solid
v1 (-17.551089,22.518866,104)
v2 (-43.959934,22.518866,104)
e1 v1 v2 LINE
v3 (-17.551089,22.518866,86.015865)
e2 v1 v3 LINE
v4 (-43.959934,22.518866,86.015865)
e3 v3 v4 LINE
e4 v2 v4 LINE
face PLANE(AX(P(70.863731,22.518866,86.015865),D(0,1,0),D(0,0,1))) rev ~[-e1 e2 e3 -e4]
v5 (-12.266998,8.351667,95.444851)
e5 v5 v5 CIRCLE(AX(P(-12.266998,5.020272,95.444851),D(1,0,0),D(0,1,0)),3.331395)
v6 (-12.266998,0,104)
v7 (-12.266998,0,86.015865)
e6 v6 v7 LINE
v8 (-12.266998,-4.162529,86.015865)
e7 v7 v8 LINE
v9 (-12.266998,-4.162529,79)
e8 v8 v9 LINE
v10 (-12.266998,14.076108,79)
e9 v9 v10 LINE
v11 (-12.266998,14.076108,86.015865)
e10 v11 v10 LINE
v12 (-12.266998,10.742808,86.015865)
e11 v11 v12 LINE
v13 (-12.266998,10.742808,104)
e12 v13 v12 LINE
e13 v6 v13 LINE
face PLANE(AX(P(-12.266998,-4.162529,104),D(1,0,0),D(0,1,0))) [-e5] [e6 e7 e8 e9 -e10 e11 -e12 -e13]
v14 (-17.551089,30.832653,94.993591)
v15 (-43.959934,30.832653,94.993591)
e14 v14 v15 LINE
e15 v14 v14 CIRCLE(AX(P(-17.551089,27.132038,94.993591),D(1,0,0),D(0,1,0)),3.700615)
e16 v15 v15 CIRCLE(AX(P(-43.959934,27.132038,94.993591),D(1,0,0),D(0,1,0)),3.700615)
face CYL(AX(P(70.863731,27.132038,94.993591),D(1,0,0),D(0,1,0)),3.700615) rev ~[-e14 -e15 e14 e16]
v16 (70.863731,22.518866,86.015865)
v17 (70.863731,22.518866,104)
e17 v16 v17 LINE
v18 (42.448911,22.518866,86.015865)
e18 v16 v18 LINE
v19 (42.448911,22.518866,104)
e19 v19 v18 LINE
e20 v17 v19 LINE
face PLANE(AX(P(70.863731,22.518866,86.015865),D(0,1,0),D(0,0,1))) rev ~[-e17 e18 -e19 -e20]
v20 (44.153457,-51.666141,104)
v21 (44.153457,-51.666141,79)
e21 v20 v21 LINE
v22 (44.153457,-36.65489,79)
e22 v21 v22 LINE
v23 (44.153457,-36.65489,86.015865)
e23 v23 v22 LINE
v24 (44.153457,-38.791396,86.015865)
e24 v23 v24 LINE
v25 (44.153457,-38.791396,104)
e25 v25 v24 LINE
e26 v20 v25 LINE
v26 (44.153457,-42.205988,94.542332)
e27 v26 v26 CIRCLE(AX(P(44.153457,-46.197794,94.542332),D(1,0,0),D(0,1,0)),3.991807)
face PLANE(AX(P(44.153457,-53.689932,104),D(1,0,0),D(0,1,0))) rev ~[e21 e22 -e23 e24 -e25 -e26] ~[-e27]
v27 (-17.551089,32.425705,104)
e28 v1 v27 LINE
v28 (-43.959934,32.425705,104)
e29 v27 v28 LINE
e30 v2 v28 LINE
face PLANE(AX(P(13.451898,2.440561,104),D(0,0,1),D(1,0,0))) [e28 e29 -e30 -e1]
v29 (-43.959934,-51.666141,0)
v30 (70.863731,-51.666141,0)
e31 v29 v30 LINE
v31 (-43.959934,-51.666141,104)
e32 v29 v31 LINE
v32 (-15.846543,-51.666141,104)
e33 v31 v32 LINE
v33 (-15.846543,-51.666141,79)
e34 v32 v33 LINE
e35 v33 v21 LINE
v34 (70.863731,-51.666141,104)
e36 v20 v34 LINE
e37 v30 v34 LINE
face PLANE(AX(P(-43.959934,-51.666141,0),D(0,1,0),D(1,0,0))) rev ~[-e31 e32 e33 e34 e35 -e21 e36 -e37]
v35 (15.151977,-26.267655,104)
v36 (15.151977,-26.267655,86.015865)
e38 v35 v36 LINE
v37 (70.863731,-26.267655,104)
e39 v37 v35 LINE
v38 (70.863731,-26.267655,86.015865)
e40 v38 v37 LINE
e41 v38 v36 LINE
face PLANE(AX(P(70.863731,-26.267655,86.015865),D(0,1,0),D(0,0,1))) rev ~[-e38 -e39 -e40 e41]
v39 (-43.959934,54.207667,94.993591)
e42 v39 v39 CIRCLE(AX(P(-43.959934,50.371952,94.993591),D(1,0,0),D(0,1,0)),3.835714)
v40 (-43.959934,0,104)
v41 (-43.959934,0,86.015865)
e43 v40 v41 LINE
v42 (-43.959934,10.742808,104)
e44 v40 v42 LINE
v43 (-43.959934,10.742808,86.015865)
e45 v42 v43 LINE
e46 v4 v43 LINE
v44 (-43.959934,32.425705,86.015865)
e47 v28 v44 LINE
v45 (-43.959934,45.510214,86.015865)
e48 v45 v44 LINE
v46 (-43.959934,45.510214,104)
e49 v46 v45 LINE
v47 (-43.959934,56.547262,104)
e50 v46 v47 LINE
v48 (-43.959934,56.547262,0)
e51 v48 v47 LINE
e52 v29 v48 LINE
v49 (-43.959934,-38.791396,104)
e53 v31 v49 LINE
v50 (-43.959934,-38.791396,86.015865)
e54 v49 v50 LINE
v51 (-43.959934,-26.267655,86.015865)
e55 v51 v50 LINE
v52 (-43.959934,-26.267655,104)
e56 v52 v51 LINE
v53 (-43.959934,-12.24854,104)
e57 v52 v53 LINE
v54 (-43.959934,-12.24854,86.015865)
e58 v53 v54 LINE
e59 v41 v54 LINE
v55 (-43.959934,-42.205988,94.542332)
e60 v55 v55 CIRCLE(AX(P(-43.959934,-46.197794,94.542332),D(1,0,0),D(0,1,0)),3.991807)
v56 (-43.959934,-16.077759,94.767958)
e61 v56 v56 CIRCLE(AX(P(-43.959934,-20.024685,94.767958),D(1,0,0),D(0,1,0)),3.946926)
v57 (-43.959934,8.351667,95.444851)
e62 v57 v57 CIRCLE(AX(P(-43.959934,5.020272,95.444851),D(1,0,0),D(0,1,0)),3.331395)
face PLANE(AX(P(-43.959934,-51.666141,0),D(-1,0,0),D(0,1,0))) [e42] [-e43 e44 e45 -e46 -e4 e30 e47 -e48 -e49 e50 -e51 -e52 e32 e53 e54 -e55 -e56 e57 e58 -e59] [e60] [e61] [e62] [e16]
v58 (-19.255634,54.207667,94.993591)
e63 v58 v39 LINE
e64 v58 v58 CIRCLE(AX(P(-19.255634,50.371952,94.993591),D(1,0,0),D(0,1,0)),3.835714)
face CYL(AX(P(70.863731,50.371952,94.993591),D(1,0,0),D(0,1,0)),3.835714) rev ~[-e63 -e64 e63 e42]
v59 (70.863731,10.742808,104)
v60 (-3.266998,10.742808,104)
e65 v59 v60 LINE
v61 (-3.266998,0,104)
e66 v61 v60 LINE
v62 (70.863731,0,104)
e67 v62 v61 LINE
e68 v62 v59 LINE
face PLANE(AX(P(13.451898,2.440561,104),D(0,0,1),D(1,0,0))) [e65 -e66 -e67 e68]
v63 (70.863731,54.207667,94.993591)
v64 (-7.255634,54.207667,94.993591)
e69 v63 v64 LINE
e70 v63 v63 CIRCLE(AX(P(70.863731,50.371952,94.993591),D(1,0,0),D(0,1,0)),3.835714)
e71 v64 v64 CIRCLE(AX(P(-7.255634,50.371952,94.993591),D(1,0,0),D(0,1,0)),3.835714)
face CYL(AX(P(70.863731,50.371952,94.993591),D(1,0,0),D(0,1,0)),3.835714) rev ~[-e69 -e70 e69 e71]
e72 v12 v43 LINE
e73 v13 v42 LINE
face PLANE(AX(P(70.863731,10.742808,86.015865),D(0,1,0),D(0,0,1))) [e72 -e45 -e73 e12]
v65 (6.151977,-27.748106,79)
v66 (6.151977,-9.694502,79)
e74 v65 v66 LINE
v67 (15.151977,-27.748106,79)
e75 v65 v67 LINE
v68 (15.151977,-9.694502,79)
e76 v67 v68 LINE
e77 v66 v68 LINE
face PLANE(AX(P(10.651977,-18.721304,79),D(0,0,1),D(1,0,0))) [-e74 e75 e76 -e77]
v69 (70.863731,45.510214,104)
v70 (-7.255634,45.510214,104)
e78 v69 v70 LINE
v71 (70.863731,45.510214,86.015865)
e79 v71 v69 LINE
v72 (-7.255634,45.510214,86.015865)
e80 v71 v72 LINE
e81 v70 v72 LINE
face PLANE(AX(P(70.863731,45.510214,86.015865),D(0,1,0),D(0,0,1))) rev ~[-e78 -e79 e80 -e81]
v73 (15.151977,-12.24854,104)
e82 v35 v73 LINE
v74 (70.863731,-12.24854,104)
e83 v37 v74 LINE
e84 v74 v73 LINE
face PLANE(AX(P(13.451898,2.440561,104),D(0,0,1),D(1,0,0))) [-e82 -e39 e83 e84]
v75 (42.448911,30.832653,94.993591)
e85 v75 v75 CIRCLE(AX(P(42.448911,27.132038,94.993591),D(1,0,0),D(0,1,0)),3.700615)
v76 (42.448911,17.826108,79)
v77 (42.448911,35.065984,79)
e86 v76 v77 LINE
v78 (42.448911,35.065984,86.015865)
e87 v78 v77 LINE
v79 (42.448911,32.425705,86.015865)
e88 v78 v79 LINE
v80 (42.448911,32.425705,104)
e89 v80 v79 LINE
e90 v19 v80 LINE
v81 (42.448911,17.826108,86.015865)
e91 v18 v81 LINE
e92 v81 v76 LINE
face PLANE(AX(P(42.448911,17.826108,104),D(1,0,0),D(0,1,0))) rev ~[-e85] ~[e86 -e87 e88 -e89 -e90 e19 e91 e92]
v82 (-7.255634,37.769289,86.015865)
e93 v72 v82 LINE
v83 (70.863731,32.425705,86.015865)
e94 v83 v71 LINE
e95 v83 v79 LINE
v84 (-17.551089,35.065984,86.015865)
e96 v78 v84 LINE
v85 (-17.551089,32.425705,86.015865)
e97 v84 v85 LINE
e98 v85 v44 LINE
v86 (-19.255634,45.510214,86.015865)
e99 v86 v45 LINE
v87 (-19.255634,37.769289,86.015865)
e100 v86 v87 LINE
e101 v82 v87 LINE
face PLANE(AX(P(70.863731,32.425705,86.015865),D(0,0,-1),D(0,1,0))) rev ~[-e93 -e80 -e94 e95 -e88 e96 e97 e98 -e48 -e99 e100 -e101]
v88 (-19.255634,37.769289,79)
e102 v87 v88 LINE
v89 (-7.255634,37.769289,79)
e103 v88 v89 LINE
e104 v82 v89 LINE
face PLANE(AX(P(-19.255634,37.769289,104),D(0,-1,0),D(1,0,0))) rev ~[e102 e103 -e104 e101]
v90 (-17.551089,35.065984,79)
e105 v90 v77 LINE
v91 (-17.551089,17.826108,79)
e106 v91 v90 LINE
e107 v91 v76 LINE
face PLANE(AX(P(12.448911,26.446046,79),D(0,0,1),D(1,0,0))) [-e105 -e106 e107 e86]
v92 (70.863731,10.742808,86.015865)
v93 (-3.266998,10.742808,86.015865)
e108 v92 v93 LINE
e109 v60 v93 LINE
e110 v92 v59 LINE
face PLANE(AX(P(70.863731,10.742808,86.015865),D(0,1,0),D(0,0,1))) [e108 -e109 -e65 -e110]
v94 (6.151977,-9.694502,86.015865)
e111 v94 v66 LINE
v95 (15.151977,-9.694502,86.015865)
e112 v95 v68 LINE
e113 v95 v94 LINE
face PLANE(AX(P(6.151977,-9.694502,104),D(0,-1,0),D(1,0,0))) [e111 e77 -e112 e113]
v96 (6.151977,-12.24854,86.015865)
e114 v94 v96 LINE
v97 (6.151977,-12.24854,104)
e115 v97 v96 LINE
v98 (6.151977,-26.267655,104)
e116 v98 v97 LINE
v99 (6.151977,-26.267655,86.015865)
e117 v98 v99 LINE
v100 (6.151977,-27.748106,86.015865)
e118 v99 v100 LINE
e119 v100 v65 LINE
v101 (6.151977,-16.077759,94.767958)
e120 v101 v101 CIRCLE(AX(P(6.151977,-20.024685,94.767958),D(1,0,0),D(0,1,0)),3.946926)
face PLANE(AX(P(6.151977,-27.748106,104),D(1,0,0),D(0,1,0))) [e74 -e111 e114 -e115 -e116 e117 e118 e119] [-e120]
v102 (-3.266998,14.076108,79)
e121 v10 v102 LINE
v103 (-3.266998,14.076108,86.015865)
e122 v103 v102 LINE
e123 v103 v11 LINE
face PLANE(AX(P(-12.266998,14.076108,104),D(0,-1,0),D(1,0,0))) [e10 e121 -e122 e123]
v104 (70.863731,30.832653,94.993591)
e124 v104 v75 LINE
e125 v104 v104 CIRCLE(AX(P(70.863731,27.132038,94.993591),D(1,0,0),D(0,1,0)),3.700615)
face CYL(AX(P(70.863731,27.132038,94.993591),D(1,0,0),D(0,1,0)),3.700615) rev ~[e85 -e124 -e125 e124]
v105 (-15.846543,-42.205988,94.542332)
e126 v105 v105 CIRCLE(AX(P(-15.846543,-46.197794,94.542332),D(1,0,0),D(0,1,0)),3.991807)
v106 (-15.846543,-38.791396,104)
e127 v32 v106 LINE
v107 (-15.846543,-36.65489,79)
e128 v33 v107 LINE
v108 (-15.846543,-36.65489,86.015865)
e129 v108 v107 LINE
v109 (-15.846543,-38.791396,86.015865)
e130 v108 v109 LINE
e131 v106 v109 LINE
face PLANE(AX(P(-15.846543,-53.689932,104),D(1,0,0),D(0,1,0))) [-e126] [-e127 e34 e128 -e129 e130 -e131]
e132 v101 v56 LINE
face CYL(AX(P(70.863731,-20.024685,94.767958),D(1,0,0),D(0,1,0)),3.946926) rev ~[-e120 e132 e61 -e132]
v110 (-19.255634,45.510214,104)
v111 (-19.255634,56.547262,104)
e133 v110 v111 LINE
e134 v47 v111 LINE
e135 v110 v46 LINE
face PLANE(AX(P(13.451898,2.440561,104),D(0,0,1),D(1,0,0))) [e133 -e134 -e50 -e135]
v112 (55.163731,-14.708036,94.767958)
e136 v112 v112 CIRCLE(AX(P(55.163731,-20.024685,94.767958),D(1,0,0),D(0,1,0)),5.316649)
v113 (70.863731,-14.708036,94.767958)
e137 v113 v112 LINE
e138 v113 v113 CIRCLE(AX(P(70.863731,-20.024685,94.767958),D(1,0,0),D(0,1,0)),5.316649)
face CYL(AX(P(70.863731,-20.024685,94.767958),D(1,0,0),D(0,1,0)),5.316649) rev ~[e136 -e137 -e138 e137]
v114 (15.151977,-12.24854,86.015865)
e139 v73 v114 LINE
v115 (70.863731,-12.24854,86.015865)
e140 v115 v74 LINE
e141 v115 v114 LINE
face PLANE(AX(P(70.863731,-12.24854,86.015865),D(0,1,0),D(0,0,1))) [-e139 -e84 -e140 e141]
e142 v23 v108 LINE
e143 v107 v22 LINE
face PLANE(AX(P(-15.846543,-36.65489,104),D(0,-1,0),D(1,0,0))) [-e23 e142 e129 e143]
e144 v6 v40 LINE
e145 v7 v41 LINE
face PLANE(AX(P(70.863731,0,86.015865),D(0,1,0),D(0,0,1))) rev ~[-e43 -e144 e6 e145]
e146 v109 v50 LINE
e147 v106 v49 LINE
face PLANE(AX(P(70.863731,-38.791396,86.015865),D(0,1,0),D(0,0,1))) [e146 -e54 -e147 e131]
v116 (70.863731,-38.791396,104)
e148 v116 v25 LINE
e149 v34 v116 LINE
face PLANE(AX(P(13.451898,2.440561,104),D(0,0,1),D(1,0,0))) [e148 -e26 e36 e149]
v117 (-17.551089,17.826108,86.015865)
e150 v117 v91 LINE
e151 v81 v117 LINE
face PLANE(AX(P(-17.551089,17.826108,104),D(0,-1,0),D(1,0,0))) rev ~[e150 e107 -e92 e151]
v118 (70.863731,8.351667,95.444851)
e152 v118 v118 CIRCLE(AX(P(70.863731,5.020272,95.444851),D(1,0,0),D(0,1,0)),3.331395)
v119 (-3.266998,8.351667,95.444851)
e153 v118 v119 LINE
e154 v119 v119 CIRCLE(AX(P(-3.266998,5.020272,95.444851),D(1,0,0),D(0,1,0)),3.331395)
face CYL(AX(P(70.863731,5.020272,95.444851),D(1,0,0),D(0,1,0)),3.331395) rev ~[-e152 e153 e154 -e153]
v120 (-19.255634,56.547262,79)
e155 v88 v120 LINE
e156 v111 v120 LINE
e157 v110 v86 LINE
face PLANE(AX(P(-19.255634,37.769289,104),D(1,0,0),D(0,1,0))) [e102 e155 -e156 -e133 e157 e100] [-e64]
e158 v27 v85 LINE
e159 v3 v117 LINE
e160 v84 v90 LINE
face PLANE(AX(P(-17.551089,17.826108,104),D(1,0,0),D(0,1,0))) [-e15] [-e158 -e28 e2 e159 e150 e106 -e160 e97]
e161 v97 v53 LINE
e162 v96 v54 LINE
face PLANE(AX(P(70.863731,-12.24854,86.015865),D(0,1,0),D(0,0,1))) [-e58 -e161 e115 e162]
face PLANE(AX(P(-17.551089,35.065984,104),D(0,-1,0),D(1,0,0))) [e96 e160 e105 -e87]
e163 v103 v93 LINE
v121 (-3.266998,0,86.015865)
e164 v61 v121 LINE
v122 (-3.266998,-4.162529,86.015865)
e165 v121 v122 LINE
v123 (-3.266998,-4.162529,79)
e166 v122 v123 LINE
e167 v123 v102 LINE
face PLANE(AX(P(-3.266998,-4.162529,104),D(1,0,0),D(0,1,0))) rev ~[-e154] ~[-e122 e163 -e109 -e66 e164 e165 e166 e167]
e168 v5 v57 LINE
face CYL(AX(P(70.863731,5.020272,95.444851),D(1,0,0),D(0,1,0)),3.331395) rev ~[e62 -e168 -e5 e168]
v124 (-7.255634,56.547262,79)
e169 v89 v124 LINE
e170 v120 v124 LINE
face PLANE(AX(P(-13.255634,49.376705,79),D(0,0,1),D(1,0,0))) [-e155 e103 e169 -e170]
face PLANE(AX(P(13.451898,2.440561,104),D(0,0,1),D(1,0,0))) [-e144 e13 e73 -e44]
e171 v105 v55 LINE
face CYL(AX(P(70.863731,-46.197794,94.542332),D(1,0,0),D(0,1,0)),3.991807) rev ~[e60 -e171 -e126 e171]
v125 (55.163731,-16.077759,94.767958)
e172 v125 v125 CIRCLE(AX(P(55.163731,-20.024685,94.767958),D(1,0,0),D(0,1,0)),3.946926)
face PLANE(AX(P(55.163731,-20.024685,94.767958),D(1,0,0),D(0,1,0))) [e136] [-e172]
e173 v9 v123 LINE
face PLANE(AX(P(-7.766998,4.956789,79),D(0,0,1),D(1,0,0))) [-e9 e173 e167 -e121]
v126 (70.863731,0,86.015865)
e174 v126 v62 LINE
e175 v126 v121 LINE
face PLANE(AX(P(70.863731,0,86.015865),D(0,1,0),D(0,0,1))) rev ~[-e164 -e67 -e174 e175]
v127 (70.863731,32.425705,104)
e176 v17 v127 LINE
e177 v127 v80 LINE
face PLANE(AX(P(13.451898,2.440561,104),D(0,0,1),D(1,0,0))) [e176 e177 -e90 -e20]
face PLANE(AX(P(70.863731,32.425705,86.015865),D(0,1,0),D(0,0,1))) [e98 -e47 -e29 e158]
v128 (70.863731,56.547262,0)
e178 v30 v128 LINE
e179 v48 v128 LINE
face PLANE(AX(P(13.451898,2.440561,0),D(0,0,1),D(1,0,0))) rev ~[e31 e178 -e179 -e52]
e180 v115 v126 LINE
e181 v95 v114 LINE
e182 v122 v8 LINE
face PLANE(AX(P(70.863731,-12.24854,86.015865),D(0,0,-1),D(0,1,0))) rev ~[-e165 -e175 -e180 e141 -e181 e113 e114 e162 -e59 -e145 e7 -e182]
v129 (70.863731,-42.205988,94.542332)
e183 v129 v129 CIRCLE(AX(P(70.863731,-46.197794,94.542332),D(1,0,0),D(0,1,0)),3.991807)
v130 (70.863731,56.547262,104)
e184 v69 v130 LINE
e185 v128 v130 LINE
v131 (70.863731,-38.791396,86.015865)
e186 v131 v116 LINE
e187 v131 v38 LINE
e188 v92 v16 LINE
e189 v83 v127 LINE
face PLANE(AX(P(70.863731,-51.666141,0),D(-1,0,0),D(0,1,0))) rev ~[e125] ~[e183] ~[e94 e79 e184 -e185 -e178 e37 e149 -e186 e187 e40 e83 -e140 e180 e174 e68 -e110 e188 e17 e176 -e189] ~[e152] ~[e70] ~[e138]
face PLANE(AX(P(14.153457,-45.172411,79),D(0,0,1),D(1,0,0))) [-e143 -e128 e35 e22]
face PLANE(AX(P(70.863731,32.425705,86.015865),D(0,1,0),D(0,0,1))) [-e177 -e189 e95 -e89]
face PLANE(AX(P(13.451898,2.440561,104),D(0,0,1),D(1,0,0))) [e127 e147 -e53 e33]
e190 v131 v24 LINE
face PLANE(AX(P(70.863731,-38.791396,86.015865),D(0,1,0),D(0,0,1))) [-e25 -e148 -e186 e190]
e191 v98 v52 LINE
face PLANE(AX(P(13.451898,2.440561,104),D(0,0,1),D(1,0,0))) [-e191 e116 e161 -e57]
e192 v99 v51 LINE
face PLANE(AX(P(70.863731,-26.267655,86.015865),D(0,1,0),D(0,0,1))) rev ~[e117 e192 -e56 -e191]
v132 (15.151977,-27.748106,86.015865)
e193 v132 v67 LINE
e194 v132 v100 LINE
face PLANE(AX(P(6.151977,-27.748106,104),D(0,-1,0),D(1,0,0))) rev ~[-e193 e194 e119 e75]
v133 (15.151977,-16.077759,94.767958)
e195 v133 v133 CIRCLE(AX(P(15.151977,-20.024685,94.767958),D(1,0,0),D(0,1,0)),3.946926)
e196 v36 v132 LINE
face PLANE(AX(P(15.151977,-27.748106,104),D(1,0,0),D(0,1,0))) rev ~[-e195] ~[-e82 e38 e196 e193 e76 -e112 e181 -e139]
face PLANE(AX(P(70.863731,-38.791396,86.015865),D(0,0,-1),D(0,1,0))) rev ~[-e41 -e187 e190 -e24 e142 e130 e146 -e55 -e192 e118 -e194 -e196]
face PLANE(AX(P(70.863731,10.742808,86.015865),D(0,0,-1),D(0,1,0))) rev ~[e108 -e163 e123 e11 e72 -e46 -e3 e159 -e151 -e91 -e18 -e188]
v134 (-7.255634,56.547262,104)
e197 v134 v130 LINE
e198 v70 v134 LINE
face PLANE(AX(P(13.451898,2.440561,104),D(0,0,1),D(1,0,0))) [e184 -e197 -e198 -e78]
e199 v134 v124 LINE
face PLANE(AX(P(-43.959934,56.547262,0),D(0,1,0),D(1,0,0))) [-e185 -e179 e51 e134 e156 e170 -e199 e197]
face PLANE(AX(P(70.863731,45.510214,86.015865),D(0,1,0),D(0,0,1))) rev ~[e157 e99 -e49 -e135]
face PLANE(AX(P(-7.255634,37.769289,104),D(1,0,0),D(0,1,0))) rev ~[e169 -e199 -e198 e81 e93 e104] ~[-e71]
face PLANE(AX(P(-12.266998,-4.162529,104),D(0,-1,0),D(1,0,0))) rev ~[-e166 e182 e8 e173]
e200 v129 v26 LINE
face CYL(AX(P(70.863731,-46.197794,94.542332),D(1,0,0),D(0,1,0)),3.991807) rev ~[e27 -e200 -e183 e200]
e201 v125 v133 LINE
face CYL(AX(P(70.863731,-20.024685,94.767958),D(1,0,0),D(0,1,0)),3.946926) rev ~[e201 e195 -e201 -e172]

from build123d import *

# Parameters (mm, degrees)
F0_W     = 114.8236654699
F0_H     = 108.2134023309
F1_DEPTH = 104
F2_W     = 12.52374053
F2_H     = 20.7482948899
F2_W_2   = 12.2485402972
F2_H_2   = 20.5613672733
F2_W_3   = 11.7760580033
F2_W_4   = 13.0845084786
F3_DEPTH = 114.8246654699
F4_W     = 60
F4_H     = 17.0350422454
F4_W_2   = 9
F4_H_2   = 18.0536039271
F4_H_3   = 18.2386368836
F4_H_4   = 17.2398763835
F4_W_3   = 12
F4_H_5   = 23.2148324465
F5_DEPTH = 25
F6_R     = 3.9918066597
F6_R_2   = 3.9469258839
F6_R_3   = 3.3313946803
F6_R_4   = 3.8357142578
F6_R_5   = 3.700614932
F7_DEPTH = 114.8246654699
F8_R     = 5.3166490127
F9_DEPTH = 15.7


with BuildPart() as f1:
    # F0 (on Top) → F1 (new body)
    with BuildSketch(Plane.XY):
        with Locations((13.4518984705, 2.4405606091)):
            Rectangle(F0_W, F0_H)
    extrude(amount=F1_DEPTH)

    # F2 (on face) → F3 (cut, through all)
    with BuildSketch(Plane.YZ.offset(70.8637312055)):
        with Locations((-32.5295254588, 96.3900126517)):
            Rectangle(F2_W, F2_H)
        with Locations((-6.1242701486, 96.2965488434)):
            Rectangle(F2_W_2, F2_H_2)
        with Locations((16.6308367625, 96.3900126517)):
            Rectangle(F2_W_3, F2_H)
        with Locations((38.9679595828, 96.2965488434)):
            Rectangle(F2_W_4, F2_H_2)
    extrude(amount=-F3_DEPTH, mode=Mode.SUBTRACT)

    # F4 (on face) → F5 (cut)
    with BuildSketch(Plane.XY.offset(104)):
        with Locations((14.153456504, -45.1724111309)):
            Rectangle(F4_W, F4_H)
        with Locations((10.6519766077, -18.7213037212)):
            Rectangle(F4_W_2, F4_H_2)
        with Locations((-7.7669977982, 4.9567892806)):
            Rectangle(F4_W_2, F4_H_3)
        with Locations((12.4489111735, 26.4460458092)):
            Rectangle(F4_W, F4_H_4)
        with Locations((-13.255634157, 49.3767052152)):
            Rectangle(F4_W_3, F4_H_5)
    extrude(amount=-F5_DEPTH, mode=Mode.SUBTRACT)

    # F6 (on face) → F7 (cut, through all)
    with BuildSketch(Plane.YZ.offset(70.8637312055)):
        with Locations((-46.1977943778, 94.5423319936)):
            Circle(F6_R)
        with Locations((-20.0246851891, 94.7679579258)):
            Circle(F6_R_2)
        with Locations((5.0202719867, 95.4448506236)):
            Circle(F6_R_3)
        with Locations((50.3719523549, 94.9935913086)):
            Circle(F6_R_4)
        with Locations((27.132038027, 94.9935913086)):
            Circle(F6_R_5)
    extrude(amount=-F7_DEPTH, mode=Mode.SUBTRACT)

    # F8 (on face) → F9 (cut)
    with BuildSketch(Plane.YZ.offset(70.8637312055)):
        with Locations((-20.0246851891, 94.7679579258)):
            Circle(F8_R)
    extrude(amount=-F9_DEPTH, mode=Mode.SUBTRACT)


solid = f1.part
